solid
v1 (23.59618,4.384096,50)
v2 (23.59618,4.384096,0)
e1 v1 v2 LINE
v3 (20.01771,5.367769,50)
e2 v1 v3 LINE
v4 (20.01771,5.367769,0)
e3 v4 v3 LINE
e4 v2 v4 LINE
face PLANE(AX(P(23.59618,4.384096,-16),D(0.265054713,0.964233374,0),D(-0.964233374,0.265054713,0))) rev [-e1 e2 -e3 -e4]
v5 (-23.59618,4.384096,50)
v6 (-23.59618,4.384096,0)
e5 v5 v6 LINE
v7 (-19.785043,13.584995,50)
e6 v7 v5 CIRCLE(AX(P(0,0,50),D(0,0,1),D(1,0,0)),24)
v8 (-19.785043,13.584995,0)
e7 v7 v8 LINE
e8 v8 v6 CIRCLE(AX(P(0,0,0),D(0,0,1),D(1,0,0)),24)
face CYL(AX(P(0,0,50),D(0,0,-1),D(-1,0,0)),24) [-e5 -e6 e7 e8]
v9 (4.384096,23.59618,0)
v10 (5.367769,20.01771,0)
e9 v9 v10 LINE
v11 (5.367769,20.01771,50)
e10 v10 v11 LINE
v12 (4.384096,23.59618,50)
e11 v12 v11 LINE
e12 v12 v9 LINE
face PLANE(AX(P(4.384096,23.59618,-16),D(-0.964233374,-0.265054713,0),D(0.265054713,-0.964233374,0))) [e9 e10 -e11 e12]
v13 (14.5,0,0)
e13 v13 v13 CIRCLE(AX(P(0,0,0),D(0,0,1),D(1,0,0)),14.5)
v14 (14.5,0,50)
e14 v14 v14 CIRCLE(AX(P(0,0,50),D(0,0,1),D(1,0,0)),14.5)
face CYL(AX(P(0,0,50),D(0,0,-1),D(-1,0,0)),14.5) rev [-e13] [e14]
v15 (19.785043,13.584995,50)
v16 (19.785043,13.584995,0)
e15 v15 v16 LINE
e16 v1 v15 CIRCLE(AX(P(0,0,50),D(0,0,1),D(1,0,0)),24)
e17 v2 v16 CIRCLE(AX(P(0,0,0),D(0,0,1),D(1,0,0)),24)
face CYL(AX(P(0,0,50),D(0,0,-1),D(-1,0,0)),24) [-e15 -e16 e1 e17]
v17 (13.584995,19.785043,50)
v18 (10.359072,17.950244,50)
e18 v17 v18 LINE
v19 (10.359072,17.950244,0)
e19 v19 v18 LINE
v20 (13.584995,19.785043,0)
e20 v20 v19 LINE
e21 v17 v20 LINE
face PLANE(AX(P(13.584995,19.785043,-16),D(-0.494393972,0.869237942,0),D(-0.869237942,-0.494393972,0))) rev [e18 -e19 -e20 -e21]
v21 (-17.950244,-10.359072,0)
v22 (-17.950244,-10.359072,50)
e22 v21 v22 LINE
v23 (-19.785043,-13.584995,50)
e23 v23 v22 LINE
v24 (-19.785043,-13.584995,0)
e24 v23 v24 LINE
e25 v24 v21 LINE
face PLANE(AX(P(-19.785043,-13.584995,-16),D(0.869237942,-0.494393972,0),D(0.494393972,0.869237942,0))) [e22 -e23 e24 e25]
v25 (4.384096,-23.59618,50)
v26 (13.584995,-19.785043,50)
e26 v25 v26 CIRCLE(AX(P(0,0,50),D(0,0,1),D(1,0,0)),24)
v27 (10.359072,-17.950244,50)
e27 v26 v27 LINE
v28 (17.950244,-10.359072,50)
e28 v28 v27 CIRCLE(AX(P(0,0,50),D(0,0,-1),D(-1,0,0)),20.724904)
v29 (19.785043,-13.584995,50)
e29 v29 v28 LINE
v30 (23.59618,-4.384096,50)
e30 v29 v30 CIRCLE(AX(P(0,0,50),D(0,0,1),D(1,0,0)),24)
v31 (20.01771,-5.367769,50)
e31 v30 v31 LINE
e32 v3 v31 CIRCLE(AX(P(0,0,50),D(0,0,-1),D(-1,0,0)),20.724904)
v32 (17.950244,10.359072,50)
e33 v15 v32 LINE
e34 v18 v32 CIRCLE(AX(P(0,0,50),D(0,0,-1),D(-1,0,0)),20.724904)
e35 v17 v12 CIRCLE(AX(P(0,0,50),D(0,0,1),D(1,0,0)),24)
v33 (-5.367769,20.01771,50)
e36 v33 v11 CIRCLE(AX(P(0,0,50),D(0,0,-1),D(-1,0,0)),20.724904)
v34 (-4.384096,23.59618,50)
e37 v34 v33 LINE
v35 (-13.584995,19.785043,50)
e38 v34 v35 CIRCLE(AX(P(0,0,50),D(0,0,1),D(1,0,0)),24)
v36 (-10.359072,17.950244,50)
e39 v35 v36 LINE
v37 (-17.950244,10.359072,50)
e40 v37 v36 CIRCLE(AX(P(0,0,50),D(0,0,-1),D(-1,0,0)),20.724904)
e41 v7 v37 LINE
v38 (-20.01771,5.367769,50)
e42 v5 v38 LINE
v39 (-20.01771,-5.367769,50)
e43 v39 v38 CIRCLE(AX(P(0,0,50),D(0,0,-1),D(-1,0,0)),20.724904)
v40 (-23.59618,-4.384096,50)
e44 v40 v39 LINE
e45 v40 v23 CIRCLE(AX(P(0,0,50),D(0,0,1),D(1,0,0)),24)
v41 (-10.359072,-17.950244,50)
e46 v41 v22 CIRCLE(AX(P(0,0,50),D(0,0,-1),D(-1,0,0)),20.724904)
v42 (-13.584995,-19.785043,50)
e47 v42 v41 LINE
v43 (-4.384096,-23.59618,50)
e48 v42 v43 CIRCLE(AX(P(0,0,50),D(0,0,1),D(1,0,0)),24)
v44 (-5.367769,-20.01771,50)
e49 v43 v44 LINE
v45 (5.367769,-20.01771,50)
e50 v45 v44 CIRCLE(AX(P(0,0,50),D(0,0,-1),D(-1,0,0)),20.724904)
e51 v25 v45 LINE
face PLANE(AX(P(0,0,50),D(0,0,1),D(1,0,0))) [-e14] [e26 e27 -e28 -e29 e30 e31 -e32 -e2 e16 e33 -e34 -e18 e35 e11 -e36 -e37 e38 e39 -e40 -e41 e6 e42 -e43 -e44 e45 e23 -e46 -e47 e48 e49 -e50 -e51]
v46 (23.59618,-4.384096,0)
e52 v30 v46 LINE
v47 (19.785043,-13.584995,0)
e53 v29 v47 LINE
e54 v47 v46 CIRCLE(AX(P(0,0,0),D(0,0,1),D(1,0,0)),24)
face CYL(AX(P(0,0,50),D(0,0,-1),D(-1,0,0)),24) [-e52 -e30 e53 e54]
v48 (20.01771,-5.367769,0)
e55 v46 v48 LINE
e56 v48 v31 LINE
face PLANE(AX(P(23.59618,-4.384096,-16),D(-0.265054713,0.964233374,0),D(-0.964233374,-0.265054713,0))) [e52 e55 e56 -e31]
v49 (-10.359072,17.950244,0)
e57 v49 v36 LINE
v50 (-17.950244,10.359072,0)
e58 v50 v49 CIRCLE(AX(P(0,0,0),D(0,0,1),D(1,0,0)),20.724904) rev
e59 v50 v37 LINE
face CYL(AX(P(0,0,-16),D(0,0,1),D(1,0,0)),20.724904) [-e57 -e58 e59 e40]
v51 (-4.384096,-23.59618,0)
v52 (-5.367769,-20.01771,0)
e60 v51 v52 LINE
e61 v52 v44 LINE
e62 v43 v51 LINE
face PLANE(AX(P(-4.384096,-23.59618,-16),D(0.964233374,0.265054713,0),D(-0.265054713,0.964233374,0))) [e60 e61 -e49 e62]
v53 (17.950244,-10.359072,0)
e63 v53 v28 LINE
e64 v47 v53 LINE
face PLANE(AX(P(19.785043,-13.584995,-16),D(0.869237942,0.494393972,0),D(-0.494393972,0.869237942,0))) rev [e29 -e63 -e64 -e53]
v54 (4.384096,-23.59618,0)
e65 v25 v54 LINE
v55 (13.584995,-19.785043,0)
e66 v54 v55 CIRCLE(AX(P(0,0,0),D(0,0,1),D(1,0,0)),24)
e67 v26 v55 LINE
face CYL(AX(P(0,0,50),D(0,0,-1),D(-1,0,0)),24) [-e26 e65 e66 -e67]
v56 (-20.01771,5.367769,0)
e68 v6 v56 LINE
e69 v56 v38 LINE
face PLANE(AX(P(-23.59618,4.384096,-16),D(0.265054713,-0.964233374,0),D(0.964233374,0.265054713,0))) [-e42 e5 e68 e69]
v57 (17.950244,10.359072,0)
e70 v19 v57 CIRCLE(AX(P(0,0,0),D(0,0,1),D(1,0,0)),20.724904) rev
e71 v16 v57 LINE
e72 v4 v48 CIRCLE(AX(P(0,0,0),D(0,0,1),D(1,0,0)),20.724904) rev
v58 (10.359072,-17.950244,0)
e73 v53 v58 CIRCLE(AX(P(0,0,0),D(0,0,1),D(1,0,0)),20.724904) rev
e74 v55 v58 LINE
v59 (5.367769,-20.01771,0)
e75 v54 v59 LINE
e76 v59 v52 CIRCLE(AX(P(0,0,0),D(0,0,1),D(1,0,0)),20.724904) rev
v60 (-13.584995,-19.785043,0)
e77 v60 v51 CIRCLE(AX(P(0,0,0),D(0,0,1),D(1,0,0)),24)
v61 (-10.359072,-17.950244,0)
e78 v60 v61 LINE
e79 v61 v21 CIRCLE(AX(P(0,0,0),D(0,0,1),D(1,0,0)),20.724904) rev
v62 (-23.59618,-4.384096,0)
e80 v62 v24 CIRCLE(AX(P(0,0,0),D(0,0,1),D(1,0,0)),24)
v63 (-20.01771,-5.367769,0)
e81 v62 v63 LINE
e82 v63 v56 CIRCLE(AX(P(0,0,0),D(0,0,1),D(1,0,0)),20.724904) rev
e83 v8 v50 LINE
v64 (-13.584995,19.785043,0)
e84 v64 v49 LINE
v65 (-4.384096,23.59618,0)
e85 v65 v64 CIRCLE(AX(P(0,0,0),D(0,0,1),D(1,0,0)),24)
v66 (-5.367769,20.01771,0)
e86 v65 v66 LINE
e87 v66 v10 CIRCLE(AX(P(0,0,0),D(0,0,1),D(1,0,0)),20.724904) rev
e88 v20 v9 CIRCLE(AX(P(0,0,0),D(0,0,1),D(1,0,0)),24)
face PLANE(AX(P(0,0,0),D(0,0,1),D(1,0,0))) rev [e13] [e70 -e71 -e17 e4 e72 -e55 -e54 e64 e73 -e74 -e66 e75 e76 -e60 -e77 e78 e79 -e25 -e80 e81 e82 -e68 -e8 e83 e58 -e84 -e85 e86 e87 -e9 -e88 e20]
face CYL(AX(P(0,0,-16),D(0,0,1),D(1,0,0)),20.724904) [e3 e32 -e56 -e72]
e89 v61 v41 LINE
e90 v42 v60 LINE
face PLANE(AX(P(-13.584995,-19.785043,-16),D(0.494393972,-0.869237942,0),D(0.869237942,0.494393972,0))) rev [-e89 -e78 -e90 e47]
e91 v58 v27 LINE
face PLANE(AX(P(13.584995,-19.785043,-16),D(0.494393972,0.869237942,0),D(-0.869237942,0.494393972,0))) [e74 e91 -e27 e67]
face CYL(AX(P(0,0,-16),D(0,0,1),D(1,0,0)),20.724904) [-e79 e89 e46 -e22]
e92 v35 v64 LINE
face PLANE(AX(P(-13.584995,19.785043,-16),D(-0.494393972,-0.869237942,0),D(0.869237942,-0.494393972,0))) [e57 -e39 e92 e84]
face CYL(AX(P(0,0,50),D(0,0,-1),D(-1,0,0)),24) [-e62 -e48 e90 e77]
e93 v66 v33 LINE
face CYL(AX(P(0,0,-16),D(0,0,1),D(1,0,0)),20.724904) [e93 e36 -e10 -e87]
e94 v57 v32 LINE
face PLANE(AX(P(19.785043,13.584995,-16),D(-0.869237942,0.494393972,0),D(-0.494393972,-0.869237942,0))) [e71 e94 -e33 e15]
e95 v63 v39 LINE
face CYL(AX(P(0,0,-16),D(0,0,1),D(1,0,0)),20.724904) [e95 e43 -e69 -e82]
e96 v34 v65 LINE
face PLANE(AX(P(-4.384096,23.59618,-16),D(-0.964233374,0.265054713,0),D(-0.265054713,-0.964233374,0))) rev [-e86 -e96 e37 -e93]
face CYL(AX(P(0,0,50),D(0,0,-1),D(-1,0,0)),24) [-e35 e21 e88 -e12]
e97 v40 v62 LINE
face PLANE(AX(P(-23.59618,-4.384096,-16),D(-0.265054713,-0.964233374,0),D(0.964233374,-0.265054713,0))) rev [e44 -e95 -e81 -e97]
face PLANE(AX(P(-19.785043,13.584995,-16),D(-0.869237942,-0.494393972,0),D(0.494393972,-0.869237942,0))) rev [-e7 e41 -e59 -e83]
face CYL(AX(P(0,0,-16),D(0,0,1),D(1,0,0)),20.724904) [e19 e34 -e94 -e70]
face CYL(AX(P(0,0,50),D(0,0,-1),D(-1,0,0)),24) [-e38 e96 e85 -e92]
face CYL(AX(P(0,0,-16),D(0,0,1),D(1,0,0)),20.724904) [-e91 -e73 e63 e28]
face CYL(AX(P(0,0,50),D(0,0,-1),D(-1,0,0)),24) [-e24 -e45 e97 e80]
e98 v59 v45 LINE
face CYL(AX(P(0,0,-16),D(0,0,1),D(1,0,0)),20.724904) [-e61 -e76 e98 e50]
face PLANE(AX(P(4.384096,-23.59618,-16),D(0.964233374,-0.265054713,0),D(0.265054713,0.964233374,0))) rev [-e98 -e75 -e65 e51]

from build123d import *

# Parameters (mm, degrees)
ESQUISSE5_R                  = 24
ESQUISSE5_R_2                = 14.5
BOSS_EXTRU_2_DEPTH           = 50
ENL_V_MAT_EXTRU_4_DEPTH      = 51
ENL_V_MAT_EXTRU_4_DEPTH_BACK = 16


with BuildPart() as part:
    # Esquisse5 → Boss.-Extru.2 (new body)
    with BuildSketch(Plane.XY):
        Circle(ESQUISSE5_R)
        Circle(ESQUISSE5_R_2, mode=Mode.SUBTRACT)
    extrude(amount=BOSS_EXTRU_2_DEPTH)

    # Esquisse6 → Enlèv. mat.-Extru.4 (cut, two sides)
    with BuildSketch(Plane.XY) as enl_v_mat_extru_4_sk:
        with BuildLine():
            Line((-4.384096163, 23.596179793), (-5.367769198, 20.017709679))
            ThreePointArc((-5.367769198, 20.017709679), (0, 20.724904028), (5.367769198, 20.017709679))
            Line((5.367769198, 20.017709679), (4.384096163, 23.596179793))
            ThreePointArc((4.384096163, 23.596179793), (0, 24), (-4.384096163, 23.596179793))
        make_face()
        with BuildLine():
            Line((19.785042868, 13.584994616), (17.950244258, 10.359072259))
            ThreePointArc((17.950244258, 10.359072259), (14.654720178, 14.654720178), (10.359072259, 17.950244258))
            Line((10.359072259, 17.950244258), (13.584994616, 19.785042868))
            ThreePointArc((13.584994616, 19.785042868), (16.970562748, 16.970562748), (19.785042868, 13.584994616))
        make_face()
        with BuildLine():
            Line((23.596179793, -4.384096163), (20.017709679, -5.367769198))
            ThreePointArc((20.017709679, -5.367769198), (20.724904028, 0), (20.017709679, 5.367769198))
            Line((20.017709679, 5.367769198), (23.596179793, 4.384096163))
            ThreePointArc((23.596179793, 4.384096163), (24, 0), (23.596179793, -4.384096163))
        make_face()
        with BuildLine():
            Line((13.584994616, -19.785042868), (10.359072259, -17.950244258))
            ThreePointArc((10.359072259, -17.950244258), (14.654720178, -14.654720178), (17.950244258, -10.359072259))
            Line((17.950244258, -10.359072259), (19.785042868, -13.584994616))
            ThreePointArc((19.785042868, -13.584994616), (16.970562748, -16.970562748), (13.584994616, -19.785042868))
        make_face()
        with BuildLine():
            Line((-4.384096163, -23.596179793), (-5.367769198, -20.017709679))
            ThreePointArc((-5.367769198, -20.017709679), (0, -20.724904028), (5.367769198, -20.017709679))
            Line((5.367769198, -20.017709679), (4.384096163, -23.596179793))
            ThreePointArc((4.384096163, -23.596179793), (0, -24), (-4.384096163, -23.596179793))
        make_face()
        with BuildLine():
            Line((-19.785042868, -13.584994616), (-17.950244258, -10.359072259))
            ThreePointArc((-17.950244258, -10.359072259), (-14.654720178, -14.654720178), (-10.359072259, -17.950244258))
            Line((-10.359072259, -17.950244258), (-13.584994616, -19.785042868))
            ThreePointArc((-13.584994616, -19.785042868), (-16.970562748, -16.970562748), (-19.785042868, -13.584994616))
        make_face()
        with BuildLine():
            Line((-23.596179793, 4.384096163), (-20.017709679, 5.367769198))
            ThreePointArc((-20.017709679, 5.367769198), (-20.724904028, 0), (-20.017709679, -5.367769198))
            Line((-20.017709679, -5.367769198), (-23.596179793, -4.384096163))
            ThreePointArc((-23.596179793, -4.384096163), (-24, 0), (-23.596179793, 4.384096163))
        make_face()
        with BuildLine():
            Line((-13.584994616, 19.785042868), (-10.359072259, 17.950244258))
            ThreePointArc((-10.359072259, 17.950244258), (-14.654720178, 14.654720178), (-17.950244258, 10.359072259))
            Line((-17.950244258, 10.359072259), (-19.785042868, 13.584994616))
            ThreePointArc((-19.785042868, 13.584994616), (-16.970562748, 16.970562748), (-13.584994616, 19.785042868))
        make_face()
    extrude(amount=ENL_V_MAT_EXTRU_4_DEPTH, mode=Mode.SUBTRACT)
    extrude(enl_v_mat_extru_4_sk.sketch, amount=-ENL_V_MAT_EXTRU_4_DEPTH_BACK, mode=Mode.SUBTRACT)


solid = part.part
